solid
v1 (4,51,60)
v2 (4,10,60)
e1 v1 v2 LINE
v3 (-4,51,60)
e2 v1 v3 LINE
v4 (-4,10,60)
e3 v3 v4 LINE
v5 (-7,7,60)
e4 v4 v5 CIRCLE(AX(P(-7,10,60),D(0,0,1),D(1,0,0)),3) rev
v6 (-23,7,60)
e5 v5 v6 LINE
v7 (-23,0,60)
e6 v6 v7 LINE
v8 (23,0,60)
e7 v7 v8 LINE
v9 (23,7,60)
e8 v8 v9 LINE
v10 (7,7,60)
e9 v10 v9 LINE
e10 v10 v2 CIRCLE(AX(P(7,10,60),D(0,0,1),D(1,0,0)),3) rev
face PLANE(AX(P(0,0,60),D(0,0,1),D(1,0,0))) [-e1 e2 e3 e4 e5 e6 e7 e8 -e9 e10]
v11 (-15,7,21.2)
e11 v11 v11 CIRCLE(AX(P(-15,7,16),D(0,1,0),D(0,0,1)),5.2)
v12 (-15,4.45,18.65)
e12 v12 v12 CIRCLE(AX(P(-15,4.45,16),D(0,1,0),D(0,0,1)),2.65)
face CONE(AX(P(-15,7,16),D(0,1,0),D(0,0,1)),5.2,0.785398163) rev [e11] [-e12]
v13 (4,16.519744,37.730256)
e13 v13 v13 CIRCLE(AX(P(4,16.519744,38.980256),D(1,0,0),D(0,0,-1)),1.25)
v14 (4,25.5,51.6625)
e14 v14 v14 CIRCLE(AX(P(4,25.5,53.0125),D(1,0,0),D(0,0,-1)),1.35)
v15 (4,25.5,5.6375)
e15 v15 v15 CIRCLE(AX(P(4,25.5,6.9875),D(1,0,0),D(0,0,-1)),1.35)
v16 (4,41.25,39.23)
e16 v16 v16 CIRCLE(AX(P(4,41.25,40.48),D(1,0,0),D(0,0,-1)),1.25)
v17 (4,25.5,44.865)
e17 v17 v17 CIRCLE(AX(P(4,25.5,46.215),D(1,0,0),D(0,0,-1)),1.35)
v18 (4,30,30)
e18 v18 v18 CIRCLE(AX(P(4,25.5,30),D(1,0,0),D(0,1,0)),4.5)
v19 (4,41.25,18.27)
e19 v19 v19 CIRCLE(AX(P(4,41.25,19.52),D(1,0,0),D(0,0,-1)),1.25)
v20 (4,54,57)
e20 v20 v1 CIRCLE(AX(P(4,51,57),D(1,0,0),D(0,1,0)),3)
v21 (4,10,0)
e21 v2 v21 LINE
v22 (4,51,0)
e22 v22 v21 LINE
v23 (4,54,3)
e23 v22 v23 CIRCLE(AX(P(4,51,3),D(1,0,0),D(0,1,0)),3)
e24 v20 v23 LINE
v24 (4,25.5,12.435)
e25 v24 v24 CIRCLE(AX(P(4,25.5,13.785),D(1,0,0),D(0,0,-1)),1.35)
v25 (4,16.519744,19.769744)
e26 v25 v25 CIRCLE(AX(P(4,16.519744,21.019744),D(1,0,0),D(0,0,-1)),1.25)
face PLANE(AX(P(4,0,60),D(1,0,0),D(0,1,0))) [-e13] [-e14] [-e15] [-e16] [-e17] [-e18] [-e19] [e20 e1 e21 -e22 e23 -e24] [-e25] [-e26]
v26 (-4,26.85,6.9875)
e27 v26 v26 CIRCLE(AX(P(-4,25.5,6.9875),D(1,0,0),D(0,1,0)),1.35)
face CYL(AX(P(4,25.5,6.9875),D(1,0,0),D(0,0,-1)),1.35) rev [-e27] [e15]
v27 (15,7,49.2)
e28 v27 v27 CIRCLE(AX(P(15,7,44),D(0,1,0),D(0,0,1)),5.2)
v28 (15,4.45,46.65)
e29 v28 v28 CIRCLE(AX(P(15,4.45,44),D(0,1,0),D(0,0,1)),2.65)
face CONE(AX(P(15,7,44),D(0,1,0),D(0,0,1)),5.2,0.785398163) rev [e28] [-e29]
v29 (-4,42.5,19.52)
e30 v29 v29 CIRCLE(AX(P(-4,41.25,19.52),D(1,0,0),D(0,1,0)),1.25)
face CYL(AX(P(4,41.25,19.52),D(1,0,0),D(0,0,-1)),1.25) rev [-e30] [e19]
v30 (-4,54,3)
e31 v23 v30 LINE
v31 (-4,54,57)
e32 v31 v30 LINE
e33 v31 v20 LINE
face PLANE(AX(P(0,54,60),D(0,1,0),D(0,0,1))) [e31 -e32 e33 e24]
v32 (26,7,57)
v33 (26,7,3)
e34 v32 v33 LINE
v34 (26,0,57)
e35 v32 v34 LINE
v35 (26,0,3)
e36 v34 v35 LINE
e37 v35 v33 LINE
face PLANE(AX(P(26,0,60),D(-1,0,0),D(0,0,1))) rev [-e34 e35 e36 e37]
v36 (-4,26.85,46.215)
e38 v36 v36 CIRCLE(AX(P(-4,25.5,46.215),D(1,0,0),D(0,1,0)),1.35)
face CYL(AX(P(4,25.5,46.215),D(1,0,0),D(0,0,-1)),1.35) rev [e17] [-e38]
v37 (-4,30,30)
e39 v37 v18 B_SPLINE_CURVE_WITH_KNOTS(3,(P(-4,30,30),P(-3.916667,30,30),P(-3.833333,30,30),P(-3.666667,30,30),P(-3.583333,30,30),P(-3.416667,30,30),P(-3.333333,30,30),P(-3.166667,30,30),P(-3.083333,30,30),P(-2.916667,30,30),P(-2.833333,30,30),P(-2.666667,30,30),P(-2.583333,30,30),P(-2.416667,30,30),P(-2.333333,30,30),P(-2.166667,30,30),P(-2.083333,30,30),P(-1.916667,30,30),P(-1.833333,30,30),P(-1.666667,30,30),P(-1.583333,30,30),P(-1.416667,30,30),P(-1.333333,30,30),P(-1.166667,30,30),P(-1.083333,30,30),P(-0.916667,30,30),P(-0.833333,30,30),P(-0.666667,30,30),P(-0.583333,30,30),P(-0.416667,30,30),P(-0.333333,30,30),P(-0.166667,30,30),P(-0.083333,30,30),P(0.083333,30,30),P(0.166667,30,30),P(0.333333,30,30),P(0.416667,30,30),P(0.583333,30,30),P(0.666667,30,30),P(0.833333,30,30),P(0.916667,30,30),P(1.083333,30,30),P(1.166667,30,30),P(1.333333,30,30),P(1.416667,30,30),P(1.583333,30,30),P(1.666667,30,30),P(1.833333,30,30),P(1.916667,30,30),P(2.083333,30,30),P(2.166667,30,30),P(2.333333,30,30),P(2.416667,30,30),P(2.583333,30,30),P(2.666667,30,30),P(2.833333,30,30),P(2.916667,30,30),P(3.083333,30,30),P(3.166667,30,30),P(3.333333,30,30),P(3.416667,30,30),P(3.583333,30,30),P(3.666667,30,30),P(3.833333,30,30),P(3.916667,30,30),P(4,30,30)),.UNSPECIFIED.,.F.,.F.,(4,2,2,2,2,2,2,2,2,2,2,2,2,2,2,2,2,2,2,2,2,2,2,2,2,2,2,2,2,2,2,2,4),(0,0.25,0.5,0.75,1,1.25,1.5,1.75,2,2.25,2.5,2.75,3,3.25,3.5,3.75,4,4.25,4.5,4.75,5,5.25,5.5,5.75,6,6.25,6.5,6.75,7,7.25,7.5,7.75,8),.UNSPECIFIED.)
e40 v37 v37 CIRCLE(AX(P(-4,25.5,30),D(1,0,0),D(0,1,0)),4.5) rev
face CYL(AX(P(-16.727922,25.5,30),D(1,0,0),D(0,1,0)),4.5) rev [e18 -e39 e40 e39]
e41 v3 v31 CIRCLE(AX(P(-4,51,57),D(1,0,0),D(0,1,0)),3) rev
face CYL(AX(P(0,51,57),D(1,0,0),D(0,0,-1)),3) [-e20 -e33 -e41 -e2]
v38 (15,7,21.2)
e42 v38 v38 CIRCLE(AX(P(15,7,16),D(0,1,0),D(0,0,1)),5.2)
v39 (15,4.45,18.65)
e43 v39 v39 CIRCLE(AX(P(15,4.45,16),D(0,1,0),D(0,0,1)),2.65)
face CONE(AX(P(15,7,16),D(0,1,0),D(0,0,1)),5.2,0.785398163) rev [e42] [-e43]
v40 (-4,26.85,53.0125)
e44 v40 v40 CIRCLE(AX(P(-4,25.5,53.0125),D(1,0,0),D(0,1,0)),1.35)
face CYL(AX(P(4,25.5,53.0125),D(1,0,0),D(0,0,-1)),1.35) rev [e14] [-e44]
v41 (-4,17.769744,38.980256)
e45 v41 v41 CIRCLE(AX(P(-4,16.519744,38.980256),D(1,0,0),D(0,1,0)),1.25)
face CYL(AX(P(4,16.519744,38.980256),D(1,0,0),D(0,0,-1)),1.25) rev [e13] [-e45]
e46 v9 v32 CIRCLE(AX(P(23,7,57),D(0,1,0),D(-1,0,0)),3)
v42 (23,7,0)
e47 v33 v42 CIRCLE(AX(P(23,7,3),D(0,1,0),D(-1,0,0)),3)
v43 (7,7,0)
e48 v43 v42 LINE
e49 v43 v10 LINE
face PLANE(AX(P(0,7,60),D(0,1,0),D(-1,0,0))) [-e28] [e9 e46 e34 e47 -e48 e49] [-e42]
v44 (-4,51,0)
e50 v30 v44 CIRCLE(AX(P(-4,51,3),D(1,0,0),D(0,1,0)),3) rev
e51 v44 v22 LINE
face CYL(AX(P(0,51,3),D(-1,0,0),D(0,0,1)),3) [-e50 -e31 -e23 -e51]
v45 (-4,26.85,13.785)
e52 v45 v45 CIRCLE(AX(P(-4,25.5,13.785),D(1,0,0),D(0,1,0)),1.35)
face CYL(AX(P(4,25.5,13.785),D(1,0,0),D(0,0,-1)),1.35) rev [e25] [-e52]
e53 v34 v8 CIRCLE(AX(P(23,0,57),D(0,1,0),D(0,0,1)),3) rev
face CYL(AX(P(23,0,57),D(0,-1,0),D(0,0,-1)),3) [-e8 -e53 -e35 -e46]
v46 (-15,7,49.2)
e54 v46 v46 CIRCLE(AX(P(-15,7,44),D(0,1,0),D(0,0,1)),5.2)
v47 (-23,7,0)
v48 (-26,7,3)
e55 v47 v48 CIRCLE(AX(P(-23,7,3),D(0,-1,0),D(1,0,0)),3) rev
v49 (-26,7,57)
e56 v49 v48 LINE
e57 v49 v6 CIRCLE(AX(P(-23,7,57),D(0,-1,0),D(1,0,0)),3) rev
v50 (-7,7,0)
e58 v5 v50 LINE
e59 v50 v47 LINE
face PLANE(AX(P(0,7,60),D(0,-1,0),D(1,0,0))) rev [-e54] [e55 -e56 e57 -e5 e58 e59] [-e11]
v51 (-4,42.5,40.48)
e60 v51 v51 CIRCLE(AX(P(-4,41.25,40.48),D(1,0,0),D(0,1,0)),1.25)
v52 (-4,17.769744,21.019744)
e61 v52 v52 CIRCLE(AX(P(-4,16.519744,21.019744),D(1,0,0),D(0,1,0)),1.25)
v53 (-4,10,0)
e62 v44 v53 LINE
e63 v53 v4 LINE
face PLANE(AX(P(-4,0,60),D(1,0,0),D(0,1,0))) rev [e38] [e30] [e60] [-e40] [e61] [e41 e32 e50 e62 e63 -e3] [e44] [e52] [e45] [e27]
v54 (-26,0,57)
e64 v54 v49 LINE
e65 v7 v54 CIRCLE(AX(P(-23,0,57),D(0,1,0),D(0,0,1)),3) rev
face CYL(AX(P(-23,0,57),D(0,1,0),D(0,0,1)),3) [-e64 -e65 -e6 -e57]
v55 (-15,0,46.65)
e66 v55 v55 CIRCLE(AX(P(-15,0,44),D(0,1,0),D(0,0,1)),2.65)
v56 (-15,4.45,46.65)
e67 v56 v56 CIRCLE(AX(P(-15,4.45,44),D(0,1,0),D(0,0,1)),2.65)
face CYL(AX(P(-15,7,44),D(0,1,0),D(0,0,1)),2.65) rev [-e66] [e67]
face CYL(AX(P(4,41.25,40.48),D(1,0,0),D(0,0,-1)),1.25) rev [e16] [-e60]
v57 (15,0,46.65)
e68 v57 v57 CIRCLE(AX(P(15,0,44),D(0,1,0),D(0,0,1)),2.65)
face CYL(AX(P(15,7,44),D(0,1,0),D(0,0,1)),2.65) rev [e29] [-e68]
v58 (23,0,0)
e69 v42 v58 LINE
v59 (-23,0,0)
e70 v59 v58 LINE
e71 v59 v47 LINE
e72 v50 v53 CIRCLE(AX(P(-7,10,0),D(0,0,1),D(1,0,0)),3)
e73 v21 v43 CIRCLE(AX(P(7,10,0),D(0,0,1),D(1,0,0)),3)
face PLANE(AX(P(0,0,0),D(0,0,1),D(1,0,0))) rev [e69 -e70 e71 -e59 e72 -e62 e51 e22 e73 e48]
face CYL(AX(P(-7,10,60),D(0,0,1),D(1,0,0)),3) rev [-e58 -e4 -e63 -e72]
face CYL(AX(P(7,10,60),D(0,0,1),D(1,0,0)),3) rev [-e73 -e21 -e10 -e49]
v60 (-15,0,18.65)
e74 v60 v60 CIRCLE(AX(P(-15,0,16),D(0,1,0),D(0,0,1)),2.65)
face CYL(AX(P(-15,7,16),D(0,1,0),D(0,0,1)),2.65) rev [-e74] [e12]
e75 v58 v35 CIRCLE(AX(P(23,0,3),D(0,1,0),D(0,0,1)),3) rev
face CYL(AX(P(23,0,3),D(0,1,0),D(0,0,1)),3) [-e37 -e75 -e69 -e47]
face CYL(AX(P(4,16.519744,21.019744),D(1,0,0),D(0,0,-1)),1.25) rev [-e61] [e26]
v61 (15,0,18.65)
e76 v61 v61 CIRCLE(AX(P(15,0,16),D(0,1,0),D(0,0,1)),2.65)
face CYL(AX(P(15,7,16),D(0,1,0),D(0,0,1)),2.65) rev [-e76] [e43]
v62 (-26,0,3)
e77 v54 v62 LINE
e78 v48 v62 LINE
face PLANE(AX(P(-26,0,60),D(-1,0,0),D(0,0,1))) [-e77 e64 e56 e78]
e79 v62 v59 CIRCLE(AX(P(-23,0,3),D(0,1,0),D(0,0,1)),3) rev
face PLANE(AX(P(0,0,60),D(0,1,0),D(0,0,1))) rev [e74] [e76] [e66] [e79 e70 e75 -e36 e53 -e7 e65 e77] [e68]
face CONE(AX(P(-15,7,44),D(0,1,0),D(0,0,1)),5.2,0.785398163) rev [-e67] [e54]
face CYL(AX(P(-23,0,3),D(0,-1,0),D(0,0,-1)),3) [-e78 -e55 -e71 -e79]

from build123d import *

# Parameters (mm, degrees)
BOSS_EXTRUDE1_DEPTH                                  = 60
FILLET1_R                                            = 3
SKETCH2_R                                            = 4.5
CUT_EXTRUDE1_DEPTH                                   = 8
TAP_DRILL_FOR_M3_TAP1_D                              = 2.7
TAP_DRILL_FOR_M3_TAP2_D                              = 2.5
CSK_FOR_M5_COUNTERSUNK_RAISED_HEAD_SCREW_D           = 5.3
CSK_FOR_M5_COUNTERSUNK_RAISED_HEAD_SCREW_CSINK_D     = 10.4
CSK_FOR_M5_COUNTERSUNK_RAISED_HEAD_SCREW_CSINK_ANGLE = 90


with BuildPart() as part:
    # Sketch1 → Boss-Extrude1 (new body)
    with BuildSketch(Plane.XY):
        Polygon((-4, 7), (-26, 7), (-26, 0), (26, 0), (26, 7), (4, 7), (4, 54), (-4, 54), align=None)
    extrude(amount=BOSS_EXTRUDE1_DEPTH)

    # Fillet1
    fillet1_edges = [part.edges().sort_by_distance(p)[0] for p in [
        (0, 54, 0),
        (26, 3.5, 0),
        (-26, 3.5, 0),
        (26, 3.5, 60),
        (-4, 7, 30),
        (4, 7, 30),
        (0, 54, 60),
        (-26, 3.5, 60),
    ]]
    fillet(fillet1_edges, radius=FILLET1_R)

    # Sketch2 → Cut-Extrude1 (cut)
    with BuildSketch(Plane(origin=(4, 0, 0), x_dir=(0, 0, -1), z_dir=(1, 0, 0))):
        with Locations(Location((-30, 25.5, 0), (0, 0, 90))):
            Circle(SKETCH2_R)
    extrude(amount=-CUT_EXTRUDE1_DEPTH, mode=Mode.SUBTRACT)

    # Tap Drill for M3 Tap1 (through all)
    with Locations(Plane(origin=(4, 25.5, 46.215), x_dir=(0, 1, 0), z_dir=(1, 0, 0))):
        with Locations((0, 0), (0, -32.43), (0, 6.7975), (0, -39.2275)):
            Hole(TAP_DRILL_FOR_M3_TAP1_D / 2)

    # Tap Drill for M3 Tap2 (through all)
    with Locations(Plane(origin=(4, 41.25, 40.48), x_dir=(0, 0, 1), z_dir=(1, 0, 0))):
        with Locations((0, 0), (-20.96, 0), (-19.460256121, 24.730256121), (-1.499743879, 24.730256121)):
            Hole(TAP_DRILL_FOR_M3_TAP2_D / 2)

    # CSK for M5 Countersunk Raised Head Screw1 (through all)
    with Locations(Plane(origin=(-15, 7, 16), x_dir=(1, 0, 0), z_dir=(0, 1, 0))):
        with Locations((0, 0), (0, -28), (30, -28), (30, 0)):
            CounterSinkHole(CSK_FOR_M5_COUNTERSUNK_RAISED_HEAD_SCREW_D / 2, CSK_FOR_M5_COUNTERSUNK_RAISED_HEAD_SCREW_CSINK_D / 2, counter_sink_angle=CSK_FOR_M5_COUNTERSUNK_RAISED_HEAD_SCREW_CSINK_ANGLE)


solid = part.part
